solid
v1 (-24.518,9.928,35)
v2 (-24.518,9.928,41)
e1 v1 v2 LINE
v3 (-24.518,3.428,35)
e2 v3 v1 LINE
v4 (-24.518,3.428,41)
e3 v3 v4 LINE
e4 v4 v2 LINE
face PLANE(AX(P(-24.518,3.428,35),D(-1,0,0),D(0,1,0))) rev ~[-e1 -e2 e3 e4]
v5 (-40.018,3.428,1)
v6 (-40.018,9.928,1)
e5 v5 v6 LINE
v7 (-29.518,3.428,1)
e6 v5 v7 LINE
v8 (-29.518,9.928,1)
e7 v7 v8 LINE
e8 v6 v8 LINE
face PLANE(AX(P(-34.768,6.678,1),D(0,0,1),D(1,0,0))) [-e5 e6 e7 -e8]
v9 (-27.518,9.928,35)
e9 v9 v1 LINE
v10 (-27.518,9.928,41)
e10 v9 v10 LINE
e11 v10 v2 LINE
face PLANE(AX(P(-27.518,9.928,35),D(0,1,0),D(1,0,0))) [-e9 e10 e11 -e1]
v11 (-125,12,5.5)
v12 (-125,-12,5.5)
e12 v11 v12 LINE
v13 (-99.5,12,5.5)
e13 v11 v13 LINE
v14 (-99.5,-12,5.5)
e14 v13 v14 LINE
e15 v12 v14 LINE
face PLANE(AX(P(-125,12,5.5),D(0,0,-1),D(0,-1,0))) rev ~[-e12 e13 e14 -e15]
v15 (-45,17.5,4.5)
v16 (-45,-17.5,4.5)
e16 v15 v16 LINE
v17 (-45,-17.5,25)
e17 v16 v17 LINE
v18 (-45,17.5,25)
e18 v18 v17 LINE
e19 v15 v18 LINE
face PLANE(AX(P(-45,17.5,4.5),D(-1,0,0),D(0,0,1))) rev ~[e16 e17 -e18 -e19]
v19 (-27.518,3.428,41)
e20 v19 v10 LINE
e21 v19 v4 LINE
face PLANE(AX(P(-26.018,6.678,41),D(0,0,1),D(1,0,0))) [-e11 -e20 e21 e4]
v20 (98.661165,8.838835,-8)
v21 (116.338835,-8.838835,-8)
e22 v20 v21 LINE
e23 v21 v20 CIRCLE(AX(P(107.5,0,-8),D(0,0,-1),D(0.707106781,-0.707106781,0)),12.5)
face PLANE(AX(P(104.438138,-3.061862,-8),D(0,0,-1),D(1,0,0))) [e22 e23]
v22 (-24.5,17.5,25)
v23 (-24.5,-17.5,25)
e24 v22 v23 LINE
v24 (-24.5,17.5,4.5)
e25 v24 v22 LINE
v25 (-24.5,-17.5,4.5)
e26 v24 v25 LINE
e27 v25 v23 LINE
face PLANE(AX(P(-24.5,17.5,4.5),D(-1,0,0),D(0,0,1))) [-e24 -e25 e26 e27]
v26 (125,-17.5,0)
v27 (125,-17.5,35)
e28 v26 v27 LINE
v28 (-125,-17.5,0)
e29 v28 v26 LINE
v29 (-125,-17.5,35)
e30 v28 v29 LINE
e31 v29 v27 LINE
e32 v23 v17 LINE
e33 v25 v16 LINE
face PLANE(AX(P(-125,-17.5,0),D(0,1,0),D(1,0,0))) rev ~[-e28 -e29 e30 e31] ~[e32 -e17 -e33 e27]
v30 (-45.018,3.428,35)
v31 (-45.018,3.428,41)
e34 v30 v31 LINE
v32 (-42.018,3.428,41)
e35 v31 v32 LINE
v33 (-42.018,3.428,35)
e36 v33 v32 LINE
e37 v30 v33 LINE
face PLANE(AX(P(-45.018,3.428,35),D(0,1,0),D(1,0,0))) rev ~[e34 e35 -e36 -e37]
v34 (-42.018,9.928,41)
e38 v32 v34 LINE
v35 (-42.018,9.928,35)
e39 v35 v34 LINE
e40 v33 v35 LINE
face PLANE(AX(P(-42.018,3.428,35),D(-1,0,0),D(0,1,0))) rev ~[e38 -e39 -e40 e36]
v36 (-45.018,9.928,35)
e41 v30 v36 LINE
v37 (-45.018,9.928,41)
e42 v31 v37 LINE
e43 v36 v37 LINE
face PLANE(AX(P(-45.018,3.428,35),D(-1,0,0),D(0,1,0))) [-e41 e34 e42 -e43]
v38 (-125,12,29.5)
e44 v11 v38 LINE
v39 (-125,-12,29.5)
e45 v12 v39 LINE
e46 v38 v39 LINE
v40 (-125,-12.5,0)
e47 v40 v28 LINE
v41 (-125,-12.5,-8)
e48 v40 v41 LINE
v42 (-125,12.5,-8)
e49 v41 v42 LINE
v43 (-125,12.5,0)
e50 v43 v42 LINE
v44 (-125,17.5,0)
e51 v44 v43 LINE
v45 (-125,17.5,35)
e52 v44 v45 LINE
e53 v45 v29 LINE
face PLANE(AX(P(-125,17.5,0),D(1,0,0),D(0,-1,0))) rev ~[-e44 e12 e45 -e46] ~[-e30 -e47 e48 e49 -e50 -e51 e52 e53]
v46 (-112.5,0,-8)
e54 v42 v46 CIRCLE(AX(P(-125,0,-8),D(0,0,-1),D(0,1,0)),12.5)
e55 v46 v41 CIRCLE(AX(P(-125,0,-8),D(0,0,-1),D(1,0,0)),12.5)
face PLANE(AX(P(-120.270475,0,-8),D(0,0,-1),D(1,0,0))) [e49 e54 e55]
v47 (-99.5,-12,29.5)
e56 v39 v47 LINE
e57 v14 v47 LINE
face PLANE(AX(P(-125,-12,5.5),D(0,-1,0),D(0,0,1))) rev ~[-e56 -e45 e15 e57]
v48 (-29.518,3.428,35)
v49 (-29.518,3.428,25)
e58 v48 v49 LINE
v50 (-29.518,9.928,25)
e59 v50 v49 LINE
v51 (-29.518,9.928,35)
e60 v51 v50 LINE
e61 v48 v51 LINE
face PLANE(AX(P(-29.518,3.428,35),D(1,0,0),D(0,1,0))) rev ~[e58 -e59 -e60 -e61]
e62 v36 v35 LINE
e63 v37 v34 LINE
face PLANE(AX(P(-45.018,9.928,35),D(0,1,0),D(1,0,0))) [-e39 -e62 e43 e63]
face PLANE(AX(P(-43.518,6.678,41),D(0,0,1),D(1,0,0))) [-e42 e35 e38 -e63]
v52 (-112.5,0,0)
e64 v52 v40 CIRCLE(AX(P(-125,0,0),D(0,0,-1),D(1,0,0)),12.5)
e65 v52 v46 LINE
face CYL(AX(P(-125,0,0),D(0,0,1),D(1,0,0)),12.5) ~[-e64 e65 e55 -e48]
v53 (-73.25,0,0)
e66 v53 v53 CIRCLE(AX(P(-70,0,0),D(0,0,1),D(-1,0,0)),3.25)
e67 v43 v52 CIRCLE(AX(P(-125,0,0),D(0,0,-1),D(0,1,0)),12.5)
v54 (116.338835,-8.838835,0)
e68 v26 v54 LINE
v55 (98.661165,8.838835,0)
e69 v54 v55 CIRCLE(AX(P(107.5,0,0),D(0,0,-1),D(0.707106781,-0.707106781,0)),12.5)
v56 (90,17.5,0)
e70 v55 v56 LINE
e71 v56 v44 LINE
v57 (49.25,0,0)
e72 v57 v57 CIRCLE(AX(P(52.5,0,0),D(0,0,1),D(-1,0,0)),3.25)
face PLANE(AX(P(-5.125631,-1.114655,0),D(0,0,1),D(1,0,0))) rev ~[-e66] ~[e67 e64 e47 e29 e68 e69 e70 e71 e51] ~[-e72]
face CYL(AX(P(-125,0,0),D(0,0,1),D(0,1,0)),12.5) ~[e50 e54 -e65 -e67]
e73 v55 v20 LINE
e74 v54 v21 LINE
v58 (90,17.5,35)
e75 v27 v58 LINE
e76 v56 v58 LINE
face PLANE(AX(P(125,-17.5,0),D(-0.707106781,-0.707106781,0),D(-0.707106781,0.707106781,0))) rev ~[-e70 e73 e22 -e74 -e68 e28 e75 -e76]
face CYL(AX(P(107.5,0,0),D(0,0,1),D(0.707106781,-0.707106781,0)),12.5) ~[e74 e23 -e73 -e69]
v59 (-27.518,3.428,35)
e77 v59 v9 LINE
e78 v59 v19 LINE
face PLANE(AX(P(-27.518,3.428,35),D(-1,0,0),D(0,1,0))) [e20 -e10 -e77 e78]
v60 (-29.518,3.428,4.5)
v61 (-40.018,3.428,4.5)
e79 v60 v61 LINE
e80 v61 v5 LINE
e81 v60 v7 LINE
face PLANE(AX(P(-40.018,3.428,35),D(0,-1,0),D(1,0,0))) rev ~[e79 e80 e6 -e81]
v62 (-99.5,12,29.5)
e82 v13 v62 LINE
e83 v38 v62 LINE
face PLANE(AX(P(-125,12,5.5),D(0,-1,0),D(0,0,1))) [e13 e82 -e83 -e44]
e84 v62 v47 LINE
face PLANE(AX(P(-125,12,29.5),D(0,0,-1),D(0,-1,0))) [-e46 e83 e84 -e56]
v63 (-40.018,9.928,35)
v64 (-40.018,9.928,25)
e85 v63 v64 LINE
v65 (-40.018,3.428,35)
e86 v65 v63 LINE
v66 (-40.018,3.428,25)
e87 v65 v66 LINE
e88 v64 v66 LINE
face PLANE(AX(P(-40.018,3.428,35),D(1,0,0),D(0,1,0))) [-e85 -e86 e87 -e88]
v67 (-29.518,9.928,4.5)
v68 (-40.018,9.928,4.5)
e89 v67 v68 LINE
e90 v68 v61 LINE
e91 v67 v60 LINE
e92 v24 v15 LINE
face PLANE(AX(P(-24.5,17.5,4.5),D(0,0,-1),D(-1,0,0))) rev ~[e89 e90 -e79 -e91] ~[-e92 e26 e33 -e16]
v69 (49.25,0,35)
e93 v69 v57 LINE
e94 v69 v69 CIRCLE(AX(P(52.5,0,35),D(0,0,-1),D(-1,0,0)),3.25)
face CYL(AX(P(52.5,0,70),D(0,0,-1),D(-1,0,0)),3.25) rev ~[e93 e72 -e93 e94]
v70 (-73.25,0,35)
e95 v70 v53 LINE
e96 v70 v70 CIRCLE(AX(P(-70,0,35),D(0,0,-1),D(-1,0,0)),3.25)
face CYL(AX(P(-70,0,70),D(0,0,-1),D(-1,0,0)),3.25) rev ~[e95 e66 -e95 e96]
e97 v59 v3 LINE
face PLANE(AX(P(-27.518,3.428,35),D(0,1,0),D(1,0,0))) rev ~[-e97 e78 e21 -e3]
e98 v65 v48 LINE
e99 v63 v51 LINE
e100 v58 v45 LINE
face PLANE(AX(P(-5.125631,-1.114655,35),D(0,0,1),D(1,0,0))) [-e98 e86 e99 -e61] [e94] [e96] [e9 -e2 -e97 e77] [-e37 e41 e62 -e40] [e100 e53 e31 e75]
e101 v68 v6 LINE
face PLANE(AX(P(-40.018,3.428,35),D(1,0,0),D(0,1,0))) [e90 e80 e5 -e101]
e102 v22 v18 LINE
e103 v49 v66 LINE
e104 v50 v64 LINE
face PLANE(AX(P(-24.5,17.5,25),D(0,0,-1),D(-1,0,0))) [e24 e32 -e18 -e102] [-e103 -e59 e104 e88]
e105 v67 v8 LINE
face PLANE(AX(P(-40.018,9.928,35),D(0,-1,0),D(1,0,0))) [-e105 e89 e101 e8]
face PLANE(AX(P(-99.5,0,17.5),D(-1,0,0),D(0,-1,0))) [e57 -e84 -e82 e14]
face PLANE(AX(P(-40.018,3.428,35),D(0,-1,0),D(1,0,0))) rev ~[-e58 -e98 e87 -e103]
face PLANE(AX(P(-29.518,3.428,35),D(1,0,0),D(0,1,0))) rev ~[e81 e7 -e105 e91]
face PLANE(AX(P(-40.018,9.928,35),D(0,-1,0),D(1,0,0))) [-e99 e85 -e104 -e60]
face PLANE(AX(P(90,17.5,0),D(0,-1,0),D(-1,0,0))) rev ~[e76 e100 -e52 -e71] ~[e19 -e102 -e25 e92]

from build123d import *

# Parameters (mm, degrees)
F1_DEPTH  = 35
F2_W      = 24
F2_H      = 24
F3_DEPTH  = 25.5
F5_D      = 6.5
F5_DEPTH  = 35
F5_TIP    = 1.9527970118
F7_DEPTH  = 8
F9_DEPTH  = 8
F10_W     = 20.5
F10_H     = 20.5
F11_DEPTH = 100
F12_W     = 10.5
F12_H     = 6.5
F13_DEPTH = 34
F12_W_2   = 3
F14_DEPTH = 6


with BuildPart() as f1:
    # F0 (on Top) → F1 (new body)
    with BuildSketch(Plane.XY):
        Polygon((-125, -17.5), (125, -17.5), (90, 17.5), (-125, 17.5), align=None)
    extrude(amount=F1_DEPTH)

    # F2 (on face) → F3 (cut)
    with BuildSketch(Plane(origin=(-125, 0, 0), x_dir=(0, -1, 0), z_dir=(-1, 0, 0))):
        with Locations((0, 17.5)):
            Rectangle(F2_W, F2_H)
    extrude(amount=-F3_DEPTH, mode=Mode.SUBTRACT)

    # F5
    with Locations(Plane.XY.offset(35)):
        with Locations((52.5, 0), (-70, 0)):
            Hole(F5_D / 2, depth=F5_DEPTH)
            with Locations((0, 0, -(F5_DEPTH + F5_TIP / 2))):  # 118° drill point
                Cone(0, F5_D / 2, F5_TIP, mode=Mode.SUBTRACT)

    # F6 (on face) → F7 (join)
    with BuildSketch(Plane(origin=(0, 0, 0), x_dir=(1, 0, 0), z_dir=(0, 0, -1))):
        with BuildLine():
            Line((98.6611652352, -8.8388347648), (116.3388347648, 8.8388347648))
            ThreePointArc((116.3388347648, 8.8388347648), (98.6611652352, 8.8388347648), (98.6611652352, -8.8388347648))
        make_face()
    extrude(amount=F7_DEPTH)

    # F8 (on face) → F9 (join)
    with BuildSketch(Plane(origin=(0, 0, 0), x_dir=(1, 0, 0), z_dir=(0, 0, -1))):
        with BuildLine():
            ThreePointArc((-125, -12.5), (-116.1611652352, -8.8388347648), (-112.5, 0))
            ThreePointArc((-112.5, 0), (-116.1611652352, 8.8388347648), (-125, 12.5))
            Line((-125, 12.5), (-125, -12.5))
        make_face()
    extrude(amount=F9_DEPTH)

    # F10 (on face) → F11 (cut)
    with BuildSketch(Plane(origin=(0, 17.5, 0), x_dir=(-1, 0, 0), z_dir=(0, 1, 0))):
        with Locations((34.75, 14.75)):
            Rectangle(F10_W, F10_H)
    extrude(amount=-F11_DEPTH, mode=Mode.SUBTRACT)

    # F12 (on face) → F13 (cut)
    with BuildSketch(Plane.XY.offset(35)):
        with Locations((-34.768, 6.678)):
            Rectangle(F12_W, F12_H)
    extrude(amount=-F13_DEPTH, mode=Mode.SUBTRACT)

    # F12 (on face) → F14 (join)
    with BuildSketch(Plane.XY.offset(35)):
        with Locations((-43.518, 6.678)):
            Rectangle(F12_W_2, F12_H)
        with Locations((-26.018, 6.678)):
            Rectangle(F12_W_2, F12_H)
    extrude(amount=F14_DEPTH)


solid = f1.part
